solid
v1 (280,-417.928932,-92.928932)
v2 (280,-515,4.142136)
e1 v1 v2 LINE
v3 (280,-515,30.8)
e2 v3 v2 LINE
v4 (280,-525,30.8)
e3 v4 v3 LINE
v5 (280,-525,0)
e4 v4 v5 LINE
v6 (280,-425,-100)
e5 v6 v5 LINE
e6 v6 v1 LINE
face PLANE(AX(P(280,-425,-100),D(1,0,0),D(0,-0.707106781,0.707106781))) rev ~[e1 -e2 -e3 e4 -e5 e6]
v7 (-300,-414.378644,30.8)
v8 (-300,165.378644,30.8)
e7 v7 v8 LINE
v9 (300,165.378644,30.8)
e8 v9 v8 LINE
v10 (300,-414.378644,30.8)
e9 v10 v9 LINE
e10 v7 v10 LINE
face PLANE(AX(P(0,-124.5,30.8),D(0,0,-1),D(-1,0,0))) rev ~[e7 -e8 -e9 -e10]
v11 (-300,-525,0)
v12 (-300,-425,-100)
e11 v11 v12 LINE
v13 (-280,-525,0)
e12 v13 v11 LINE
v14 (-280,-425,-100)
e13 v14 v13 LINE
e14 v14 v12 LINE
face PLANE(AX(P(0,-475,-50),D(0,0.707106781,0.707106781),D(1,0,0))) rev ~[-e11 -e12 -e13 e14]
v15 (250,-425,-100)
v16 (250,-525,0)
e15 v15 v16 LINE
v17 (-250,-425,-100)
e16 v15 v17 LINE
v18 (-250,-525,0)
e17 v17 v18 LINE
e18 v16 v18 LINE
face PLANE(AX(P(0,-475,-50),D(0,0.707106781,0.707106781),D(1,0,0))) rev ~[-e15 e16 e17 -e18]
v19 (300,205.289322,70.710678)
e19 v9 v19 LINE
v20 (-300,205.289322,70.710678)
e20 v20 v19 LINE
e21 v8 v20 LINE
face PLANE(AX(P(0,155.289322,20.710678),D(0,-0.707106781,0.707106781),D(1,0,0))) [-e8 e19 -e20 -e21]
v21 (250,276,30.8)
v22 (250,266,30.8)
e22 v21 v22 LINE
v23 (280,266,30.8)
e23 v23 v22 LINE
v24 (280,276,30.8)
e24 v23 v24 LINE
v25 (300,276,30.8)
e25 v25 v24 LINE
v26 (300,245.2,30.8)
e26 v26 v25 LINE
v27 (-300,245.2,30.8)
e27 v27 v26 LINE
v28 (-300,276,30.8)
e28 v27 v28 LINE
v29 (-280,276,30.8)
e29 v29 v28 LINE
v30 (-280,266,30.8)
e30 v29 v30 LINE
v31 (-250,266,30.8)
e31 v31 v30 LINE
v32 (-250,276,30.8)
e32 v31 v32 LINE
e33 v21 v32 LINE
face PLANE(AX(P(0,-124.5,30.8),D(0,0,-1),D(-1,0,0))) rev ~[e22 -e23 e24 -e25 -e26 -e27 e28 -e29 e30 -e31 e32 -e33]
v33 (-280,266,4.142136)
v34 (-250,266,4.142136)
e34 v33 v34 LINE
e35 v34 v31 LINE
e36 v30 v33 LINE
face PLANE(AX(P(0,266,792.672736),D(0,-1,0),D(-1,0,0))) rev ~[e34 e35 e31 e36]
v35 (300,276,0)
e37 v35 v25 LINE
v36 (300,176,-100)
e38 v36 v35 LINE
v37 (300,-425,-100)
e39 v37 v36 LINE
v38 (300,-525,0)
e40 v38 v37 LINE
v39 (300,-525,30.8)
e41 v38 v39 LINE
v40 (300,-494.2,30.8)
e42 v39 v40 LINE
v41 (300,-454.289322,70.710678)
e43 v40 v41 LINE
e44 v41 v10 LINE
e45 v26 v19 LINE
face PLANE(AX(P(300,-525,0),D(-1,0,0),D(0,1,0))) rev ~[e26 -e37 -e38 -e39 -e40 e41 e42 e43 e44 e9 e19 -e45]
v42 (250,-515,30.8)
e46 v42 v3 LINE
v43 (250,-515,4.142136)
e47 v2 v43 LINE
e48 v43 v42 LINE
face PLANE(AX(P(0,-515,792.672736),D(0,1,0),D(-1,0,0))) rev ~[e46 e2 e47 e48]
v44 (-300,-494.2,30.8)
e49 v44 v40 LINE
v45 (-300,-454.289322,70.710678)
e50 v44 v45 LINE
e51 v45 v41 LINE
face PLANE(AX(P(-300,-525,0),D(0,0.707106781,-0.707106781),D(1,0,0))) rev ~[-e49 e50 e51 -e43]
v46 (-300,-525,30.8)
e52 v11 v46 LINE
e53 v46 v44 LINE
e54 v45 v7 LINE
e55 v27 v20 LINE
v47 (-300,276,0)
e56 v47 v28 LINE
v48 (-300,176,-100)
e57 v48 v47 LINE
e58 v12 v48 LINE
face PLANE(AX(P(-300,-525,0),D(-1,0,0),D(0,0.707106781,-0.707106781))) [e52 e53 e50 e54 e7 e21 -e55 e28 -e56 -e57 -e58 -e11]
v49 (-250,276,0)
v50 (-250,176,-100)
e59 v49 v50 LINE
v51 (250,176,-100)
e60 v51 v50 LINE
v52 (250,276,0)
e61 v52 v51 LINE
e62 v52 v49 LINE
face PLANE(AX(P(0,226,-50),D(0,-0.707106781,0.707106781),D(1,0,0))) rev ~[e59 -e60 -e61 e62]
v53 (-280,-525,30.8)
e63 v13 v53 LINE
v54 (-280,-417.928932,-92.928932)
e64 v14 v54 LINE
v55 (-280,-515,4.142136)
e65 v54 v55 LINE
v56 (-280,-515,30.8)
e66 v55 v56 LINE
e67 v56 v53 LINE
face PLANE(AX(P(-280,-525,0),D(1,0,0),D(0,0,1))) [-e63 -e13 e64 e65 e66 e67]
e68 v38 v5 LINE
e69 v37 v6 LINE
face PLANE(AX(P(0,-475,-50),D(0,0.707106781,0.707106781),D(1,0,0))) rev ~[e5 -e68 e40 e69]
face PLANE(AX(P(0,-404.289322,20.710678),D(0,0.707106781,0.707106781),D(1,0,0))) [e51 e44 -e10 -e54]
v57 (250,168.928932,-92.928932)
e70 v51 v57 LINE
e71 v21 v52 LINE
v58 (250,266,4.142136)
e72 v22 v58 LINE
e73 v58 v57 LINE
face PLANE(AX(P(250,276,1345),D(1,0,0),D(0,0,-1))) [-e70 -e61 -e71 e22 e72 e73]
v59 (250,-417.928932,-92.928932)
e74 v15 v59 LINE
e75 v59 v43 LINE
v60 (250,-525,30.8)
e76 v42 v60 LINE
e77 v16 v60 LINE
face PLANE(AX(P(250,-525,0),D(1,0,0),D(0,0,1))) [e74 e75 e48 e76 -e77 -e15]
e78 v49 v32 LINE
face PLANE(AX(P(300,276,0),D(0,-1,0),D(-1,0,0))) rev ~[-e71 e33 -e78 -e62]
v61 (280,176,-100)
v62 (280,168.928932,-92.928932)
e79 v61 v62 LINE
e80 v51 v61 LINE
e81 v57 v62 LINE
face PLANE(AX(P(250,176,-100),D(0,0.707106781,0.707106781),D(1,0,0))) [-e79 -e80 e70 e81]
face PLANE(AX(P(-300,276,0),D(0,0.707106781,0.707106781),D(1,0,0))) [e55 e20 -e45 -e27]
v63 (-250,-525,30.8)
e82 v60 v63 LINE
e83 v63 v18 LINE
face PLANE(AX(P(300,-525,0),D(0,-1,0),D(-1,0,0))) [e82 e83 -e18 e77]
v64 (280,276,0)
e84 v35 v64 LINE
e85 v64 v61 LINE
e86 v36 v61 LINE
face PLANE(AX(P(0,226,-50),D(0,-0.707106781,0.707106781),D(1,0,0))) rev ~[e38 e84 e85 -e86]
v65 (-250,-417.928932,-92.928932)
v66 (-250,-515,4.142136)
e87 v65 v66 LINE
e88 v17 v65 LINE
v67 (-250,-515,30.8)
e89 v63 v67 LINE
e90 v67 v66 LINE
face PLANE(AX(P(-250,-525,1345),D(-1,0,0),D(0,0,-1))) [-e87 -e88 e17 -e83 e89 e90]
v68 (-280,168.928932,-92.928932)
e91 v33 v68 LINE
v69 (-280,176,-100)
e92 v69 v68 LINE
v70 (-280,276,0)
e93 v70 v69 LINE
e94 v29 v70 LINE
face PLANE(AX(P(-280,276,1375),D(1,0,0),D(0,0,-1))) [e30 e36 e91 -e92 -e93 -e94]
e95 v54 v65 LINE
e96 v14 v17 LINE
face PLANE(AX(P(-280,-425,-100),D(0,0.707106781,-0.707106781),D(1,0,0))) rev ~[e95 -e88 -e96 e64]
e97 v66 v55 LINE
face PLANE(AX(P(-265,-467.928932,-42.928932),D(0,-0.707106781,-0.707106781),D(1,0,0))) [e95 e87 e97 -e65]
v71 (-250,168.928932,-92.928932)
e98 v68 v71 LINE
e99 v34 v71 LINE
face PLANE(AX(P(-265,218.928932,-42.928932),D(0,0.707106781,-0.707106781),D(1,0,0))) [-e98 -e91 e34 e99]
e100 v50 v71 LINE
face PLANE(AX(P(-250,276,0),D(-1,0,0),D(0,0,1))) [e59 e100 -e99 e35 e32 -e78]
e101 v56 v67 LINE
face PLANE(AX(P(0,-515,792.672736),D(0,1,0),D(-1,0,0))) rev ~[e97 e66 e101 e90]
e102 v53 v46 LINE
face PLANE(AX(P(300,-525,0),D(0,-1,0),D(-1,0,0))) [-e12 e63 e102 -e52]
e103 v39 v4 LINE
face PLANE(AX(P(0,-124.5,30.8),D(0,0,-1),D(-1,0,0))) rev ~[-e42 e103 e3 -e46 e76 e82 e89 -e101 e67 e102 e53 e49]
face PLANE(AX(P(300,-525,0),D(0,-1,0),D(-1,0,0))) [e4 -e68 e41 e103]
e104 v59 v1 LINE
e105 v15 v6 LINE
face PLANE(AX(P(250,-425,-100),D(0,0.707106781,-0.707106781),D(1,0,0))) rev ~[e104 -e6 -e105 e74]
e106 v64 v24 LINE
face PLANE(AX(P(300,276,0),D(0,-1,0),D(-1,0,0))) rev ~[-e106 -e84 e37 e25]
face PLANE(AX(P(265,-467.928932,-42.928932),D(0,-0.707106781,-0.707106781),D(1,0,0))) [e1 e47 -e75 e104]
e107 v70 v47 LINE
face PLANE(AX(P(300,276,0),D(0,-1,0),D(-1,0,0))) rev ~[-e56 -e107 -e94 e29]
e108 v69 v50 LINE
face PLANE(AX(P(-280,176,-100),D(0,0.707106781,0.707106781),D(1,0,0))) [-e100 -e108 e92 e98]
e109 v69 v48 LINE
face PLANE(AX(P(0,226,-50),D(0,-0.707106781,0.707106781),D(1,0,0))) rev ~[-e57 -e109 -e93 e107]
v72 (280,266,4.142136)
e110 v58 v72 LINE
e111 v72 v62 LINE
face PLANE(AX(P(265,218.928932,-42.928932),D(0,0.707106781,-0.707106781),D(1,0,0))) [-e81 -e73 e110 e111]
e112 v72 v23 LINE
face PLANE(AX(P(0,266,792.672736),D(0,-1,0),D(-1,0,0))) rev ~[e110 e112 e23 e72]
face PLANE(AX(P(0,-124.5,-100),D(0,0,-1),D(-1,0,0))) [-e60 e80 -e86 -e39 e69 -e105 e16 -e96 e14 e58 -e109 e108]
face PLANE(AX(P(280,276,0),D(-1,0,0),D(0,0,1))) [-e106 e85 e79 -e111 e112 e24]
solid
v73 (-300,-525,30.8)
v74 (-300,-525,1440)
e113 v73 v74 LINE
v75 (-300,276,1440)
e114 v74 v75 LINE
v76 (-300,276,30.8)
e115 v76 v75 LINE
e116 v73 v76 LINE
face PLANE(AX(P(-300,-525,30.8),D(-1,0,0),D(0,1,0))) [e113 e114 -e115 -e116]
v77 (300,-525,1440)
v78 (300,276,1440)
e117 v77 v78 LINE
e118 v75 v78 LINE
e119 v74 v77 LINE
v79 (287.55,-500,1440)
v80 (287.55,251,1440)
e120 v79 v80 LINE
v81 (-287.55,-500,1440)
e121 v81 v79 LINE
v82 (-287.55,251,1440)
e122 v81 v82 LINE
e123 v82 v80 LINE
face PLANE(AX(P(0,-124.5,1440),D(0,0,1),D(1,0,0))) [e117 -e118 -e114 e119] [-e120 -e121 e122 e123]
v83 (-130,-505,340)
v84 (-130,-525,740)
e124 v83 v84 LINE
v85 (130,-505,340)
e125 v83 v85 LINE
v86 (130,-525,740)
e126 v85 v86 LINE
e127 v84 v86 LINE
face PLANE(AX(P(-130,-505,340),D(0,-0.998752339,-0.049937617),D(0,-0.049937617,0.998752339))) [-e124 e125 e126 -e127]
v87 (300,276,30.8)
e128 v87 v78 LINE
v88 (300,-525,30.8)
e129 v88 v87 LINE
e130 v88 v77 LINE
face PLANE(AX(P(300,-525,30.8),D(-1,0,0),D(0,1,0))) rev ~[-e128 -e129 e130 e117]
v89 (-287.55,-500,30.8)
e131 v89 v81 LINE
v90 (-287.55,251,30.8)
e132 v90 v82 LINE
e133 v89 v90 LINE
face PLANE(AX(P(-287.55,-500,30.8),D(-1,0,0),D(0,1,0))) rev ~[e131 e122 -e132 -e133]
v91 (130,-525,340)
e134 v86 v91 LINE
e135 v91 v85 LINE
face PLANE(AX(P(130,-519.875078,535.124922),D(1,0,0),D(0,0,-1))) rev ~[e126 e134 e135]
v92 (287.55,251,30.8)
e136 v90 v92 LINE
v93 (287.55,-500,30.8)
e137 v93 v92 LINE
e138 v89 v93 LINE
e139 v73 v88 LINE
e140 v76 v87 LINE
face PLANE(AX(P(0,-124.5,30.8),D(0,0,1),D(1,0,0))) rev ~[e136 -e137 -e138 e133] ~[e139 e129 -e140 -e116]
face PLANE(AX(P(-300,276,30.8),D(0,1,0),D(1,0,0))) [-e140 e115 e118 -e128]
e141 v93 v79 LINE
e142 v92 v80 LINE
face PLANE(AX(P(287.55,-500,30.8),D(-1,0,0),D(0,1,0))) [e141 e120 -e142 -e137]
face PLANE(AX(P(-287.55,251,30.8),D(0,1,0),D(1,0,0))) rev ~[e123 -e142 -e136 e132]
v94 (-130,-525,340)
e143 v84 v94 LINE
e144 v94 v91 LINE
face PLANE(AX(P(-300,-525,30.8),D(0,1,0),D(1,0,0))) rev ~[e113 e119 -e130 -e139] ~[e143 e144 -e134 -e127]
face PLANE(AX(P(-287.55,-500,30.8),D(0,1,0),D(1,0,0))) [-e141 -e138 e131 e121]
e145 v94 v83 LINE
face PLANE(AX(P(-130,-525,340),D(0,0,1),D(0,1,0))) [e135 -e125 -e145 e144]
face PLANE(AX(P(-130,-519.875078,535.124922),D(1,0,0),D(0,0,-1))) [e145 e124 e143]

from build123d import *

# Parameters (mm, degrees)
SKETCH1_W               = 600
SKETCH1_H               = 801
BOSS_EXTRUDE1_DEPTH     = 30.8
SKETCH2_W               = 600
SKETCH2_H               = 801
SKETCH2_W_2             = 575.1
SKETCH2_H_2             = 751
BOSS_EXTRUDE2_DEPTH     = 1409.2
SKETCH3_W               = 600
SKETCH3_H               = 601
BOSS_EXTRUDE3_DEPTH     = 100
SKETCH4_W               = 600
SKETCH4_H               = 141.421356237
BOSS_EXTRUDE4_DEPTH     = 100
SKETCH5_W               = 600
SKETCH5_H               = 141.421356237
BOSS_EXTRUDE5_DEPTH     = 100
CUT_EXTRUDE1_DEPTH      = 10
SKETCH7_W               = 30
SKETCH7_H               = 141.421356237
CUT_EXTRUDE2_DEPTH      = 10
CUT_EXTRUDE3_DEPTH      = 10
SKETCH9_W               = 30
SKETCH9_H               = 141.421356237
CUT_EXTRUDE4_DEPTH      = 10
CUT_EXTRUDE5_DEPTH      = 130
CUT_EXTRUDE5_DEPTH_BACK = 130


with BuildPart() as part:
    # Sketch1 → Boss-Extrude1 (new body)
    with BuildSketch(Plane(origin=(0, 0, 0), x_dir=(-1, 0, 0), z_dir=(0, 0, -1))):
        with Locations((0, -124.5)):
            Rectangle(SKETCH1_W, SKETCH1_H)
    extrude(amount=-BOSS_EXTRUDE1_DEPTH)

    # Sketch3 → Boss-Extrude3 (add)
    with BuildSketch(Plane(origin=(0, 0, 0), x_dir=(-1, 0, 0), z_dir=(0, 0, -1))):
        with Locations((0, -124.5)):
            Rectangle(SKETCH3_W, SKETCH3_H)
    extrude(amount=BOSS_EXTRUDE3_DEPTH)

    # Sketch4 → Boss-Extrude4 (add)
    with BuildSketch(Plane(origin=(0, 138, -138), x_dir=(1, 0, 0), z_dir=(0, -0.7071067811865475, 0.7071067811865477))):
        with Locations((0, 124.450793489)):
            Rectangle(SKETCH4_W, SKETCH4_H)
    extrude(amount=BOSS_EXTRUDE4_DEPTH)

    # Sketch5 → Boss-Extrude5 (add)
    with BuildSketch(Plane(origin=(0, -262.5, -262.5), x_dir=(1, 0, 0), z_dir=(0, 0.7071067811865476, 0.7071067811865476))):
        with Locations((0, -300.520382004)):
            Rectangle(SKETCH5_W, SKETCH5_H)
    extrude(amount=BOSS_EXTRUDE5_DEPTH)

    # Sketch6 → Cut-Extrude1 (cut)
    with BuildSketch(Plane.XZ.offset(525)):
        with BuildLine():
            Line((280, 0), (250, 0))
            Line((250, 0), (250, 1345))
            ThreePointArc((250, 1345), (242.67766953, 1362.67766953), (225, 1370))
            Line((225, 1370), (-225, 1370))
            ThreePointArc((-225, 1370), (-242.67766953, 1362.67766953), (-250, 1345))
            Line((-250, 1345), (-250, 0))
            Line((-250, 0), (-280, 0))
            Line((-280, 0), (-280, 1375))
            ThreePointArc((-280, 1375), (-272.67766953, 1392.67766953), (-255, 1400))
            Line((-255, 1400), (255, 1400))
            ThreePointArc((255, 1400), (272.67766953, 1392.67766953), (280, 1375))
            Line((280, 1375), (280, 0))
        make_face()
    extrude(amount=-CUT_EXTRUDE1_DEPTH, mode=Mode.SUBTRACT)

    # Sketch7 → Cut-Extrude2 (cut)
    with BuildSketch(Plane(origin=(0, -262.5, -262.5), x_dir=(1, 0, 0), z_dir=(0, -0.7071067811865477, -0.7071067811865475))):
        with Locations((-265, 300.520382004)):
            Rectangle(SKETCH7_W, SKETCH7_H)
        with Locations((265, 300.520382004)):
            Rectangle(SKETCH7_W, SKETCH7_H)
    extrude(amount=-CUT_EXTRUDE2_DEPTH, mode=Mode.SUBTRACT)

    # Sketch8 → Cut-Extrude3 (cut)
    with BuildSketch(Plane(origin=(0, 276, 0), x_dir=(1, 0, 0), z_dir=(0, 1, 0))):
        with BuildLine():
            Line((-280, 0), (-250, 0))
            Line((-250, 0), (-250, -1345))
            ThreePointArc((-250, -1345), (-242.67766953, -1362.67766953), (-225, -1370))
            Line((-225, -1370), (225, -1370))
            ThreePointArc((225, -1370), (242.67766953, -1362.67766953), (250, -1345))
            Line((250, -1345), (250, 0))
            Line((250, 0), (280, 0))
            Line((280, 0), (280, -1375))
            ThreePointArc((280, -1375), (272.67766953, -1392.67766953), (255, -1400))
            Line((255, -1400), (-255, -1400))
            ThreePointArc((-255, -1400), (-272.67766953, -1392.67766953), (-280, -1375))
            Line((-280, -1375), (-280, 0))
        make_face()
    extrude(amount=-CUT_EXTRUDE3_DEPTH, mode=Mode.SUBTRACT)

    # Sketch9 → Cut-Extrude4 (cut)
    with BuildSketch(Plane(origin=(0, 138, -138), x_dir=(1, 0, 0), z_dir=(0, 0.7071067811865472, -0.7071067811865479))):
        with Locations((-265, -124.450793489)):
            Rectangle(SKETCH9_W, SKETCH9_H)
        with Locations((265, -124.450793489)):
            Rectangle(SKETCH9_W, SKETCH9_H)
    extrude(amount=-CUT_EXTRUDE4_DEPTH, mode=Mode.SUBTRACT)


with BuildPart() as body_2:
    # Sketch2 → Boss-Extrude2 (new body)
    with BuildSketch(Plane.XY.offset(30.8)):
        with Locations((0, -124.5)):
            Rectangle(SKETCH2_W, SKETCH2_H)
        with Locations((0, -124.5)):
            Rectangle(SKETCH2_W_2, SKETCH2_H_2, mode=Mode.SUBTRACT)
    extrude(amount=BOSS_EXTRUDE2_DEPTH)

    # Sketch12 → Cut-Extrude5 (cut, two sides: drawn at the far end of the back side and taken through both)
    with BuildSketch(Plane(origin=(0, 0, 0), x_dir=(0, 0, -1), z_dir=(1, 0, 0)).offset(-CUT_EXTRUDE5_DEPTH_BACK)):
        Polygon((-740, -525), (-340, -525), (-340, -505), align=None)
    extrude(amount=CUT_EXTRUDE5_DEPTH + CUT_EXTRUDE5_DEPTH_BACK, mode=Mode.SUBTRACT)


solid = Compound([part.part, body_2.part])
